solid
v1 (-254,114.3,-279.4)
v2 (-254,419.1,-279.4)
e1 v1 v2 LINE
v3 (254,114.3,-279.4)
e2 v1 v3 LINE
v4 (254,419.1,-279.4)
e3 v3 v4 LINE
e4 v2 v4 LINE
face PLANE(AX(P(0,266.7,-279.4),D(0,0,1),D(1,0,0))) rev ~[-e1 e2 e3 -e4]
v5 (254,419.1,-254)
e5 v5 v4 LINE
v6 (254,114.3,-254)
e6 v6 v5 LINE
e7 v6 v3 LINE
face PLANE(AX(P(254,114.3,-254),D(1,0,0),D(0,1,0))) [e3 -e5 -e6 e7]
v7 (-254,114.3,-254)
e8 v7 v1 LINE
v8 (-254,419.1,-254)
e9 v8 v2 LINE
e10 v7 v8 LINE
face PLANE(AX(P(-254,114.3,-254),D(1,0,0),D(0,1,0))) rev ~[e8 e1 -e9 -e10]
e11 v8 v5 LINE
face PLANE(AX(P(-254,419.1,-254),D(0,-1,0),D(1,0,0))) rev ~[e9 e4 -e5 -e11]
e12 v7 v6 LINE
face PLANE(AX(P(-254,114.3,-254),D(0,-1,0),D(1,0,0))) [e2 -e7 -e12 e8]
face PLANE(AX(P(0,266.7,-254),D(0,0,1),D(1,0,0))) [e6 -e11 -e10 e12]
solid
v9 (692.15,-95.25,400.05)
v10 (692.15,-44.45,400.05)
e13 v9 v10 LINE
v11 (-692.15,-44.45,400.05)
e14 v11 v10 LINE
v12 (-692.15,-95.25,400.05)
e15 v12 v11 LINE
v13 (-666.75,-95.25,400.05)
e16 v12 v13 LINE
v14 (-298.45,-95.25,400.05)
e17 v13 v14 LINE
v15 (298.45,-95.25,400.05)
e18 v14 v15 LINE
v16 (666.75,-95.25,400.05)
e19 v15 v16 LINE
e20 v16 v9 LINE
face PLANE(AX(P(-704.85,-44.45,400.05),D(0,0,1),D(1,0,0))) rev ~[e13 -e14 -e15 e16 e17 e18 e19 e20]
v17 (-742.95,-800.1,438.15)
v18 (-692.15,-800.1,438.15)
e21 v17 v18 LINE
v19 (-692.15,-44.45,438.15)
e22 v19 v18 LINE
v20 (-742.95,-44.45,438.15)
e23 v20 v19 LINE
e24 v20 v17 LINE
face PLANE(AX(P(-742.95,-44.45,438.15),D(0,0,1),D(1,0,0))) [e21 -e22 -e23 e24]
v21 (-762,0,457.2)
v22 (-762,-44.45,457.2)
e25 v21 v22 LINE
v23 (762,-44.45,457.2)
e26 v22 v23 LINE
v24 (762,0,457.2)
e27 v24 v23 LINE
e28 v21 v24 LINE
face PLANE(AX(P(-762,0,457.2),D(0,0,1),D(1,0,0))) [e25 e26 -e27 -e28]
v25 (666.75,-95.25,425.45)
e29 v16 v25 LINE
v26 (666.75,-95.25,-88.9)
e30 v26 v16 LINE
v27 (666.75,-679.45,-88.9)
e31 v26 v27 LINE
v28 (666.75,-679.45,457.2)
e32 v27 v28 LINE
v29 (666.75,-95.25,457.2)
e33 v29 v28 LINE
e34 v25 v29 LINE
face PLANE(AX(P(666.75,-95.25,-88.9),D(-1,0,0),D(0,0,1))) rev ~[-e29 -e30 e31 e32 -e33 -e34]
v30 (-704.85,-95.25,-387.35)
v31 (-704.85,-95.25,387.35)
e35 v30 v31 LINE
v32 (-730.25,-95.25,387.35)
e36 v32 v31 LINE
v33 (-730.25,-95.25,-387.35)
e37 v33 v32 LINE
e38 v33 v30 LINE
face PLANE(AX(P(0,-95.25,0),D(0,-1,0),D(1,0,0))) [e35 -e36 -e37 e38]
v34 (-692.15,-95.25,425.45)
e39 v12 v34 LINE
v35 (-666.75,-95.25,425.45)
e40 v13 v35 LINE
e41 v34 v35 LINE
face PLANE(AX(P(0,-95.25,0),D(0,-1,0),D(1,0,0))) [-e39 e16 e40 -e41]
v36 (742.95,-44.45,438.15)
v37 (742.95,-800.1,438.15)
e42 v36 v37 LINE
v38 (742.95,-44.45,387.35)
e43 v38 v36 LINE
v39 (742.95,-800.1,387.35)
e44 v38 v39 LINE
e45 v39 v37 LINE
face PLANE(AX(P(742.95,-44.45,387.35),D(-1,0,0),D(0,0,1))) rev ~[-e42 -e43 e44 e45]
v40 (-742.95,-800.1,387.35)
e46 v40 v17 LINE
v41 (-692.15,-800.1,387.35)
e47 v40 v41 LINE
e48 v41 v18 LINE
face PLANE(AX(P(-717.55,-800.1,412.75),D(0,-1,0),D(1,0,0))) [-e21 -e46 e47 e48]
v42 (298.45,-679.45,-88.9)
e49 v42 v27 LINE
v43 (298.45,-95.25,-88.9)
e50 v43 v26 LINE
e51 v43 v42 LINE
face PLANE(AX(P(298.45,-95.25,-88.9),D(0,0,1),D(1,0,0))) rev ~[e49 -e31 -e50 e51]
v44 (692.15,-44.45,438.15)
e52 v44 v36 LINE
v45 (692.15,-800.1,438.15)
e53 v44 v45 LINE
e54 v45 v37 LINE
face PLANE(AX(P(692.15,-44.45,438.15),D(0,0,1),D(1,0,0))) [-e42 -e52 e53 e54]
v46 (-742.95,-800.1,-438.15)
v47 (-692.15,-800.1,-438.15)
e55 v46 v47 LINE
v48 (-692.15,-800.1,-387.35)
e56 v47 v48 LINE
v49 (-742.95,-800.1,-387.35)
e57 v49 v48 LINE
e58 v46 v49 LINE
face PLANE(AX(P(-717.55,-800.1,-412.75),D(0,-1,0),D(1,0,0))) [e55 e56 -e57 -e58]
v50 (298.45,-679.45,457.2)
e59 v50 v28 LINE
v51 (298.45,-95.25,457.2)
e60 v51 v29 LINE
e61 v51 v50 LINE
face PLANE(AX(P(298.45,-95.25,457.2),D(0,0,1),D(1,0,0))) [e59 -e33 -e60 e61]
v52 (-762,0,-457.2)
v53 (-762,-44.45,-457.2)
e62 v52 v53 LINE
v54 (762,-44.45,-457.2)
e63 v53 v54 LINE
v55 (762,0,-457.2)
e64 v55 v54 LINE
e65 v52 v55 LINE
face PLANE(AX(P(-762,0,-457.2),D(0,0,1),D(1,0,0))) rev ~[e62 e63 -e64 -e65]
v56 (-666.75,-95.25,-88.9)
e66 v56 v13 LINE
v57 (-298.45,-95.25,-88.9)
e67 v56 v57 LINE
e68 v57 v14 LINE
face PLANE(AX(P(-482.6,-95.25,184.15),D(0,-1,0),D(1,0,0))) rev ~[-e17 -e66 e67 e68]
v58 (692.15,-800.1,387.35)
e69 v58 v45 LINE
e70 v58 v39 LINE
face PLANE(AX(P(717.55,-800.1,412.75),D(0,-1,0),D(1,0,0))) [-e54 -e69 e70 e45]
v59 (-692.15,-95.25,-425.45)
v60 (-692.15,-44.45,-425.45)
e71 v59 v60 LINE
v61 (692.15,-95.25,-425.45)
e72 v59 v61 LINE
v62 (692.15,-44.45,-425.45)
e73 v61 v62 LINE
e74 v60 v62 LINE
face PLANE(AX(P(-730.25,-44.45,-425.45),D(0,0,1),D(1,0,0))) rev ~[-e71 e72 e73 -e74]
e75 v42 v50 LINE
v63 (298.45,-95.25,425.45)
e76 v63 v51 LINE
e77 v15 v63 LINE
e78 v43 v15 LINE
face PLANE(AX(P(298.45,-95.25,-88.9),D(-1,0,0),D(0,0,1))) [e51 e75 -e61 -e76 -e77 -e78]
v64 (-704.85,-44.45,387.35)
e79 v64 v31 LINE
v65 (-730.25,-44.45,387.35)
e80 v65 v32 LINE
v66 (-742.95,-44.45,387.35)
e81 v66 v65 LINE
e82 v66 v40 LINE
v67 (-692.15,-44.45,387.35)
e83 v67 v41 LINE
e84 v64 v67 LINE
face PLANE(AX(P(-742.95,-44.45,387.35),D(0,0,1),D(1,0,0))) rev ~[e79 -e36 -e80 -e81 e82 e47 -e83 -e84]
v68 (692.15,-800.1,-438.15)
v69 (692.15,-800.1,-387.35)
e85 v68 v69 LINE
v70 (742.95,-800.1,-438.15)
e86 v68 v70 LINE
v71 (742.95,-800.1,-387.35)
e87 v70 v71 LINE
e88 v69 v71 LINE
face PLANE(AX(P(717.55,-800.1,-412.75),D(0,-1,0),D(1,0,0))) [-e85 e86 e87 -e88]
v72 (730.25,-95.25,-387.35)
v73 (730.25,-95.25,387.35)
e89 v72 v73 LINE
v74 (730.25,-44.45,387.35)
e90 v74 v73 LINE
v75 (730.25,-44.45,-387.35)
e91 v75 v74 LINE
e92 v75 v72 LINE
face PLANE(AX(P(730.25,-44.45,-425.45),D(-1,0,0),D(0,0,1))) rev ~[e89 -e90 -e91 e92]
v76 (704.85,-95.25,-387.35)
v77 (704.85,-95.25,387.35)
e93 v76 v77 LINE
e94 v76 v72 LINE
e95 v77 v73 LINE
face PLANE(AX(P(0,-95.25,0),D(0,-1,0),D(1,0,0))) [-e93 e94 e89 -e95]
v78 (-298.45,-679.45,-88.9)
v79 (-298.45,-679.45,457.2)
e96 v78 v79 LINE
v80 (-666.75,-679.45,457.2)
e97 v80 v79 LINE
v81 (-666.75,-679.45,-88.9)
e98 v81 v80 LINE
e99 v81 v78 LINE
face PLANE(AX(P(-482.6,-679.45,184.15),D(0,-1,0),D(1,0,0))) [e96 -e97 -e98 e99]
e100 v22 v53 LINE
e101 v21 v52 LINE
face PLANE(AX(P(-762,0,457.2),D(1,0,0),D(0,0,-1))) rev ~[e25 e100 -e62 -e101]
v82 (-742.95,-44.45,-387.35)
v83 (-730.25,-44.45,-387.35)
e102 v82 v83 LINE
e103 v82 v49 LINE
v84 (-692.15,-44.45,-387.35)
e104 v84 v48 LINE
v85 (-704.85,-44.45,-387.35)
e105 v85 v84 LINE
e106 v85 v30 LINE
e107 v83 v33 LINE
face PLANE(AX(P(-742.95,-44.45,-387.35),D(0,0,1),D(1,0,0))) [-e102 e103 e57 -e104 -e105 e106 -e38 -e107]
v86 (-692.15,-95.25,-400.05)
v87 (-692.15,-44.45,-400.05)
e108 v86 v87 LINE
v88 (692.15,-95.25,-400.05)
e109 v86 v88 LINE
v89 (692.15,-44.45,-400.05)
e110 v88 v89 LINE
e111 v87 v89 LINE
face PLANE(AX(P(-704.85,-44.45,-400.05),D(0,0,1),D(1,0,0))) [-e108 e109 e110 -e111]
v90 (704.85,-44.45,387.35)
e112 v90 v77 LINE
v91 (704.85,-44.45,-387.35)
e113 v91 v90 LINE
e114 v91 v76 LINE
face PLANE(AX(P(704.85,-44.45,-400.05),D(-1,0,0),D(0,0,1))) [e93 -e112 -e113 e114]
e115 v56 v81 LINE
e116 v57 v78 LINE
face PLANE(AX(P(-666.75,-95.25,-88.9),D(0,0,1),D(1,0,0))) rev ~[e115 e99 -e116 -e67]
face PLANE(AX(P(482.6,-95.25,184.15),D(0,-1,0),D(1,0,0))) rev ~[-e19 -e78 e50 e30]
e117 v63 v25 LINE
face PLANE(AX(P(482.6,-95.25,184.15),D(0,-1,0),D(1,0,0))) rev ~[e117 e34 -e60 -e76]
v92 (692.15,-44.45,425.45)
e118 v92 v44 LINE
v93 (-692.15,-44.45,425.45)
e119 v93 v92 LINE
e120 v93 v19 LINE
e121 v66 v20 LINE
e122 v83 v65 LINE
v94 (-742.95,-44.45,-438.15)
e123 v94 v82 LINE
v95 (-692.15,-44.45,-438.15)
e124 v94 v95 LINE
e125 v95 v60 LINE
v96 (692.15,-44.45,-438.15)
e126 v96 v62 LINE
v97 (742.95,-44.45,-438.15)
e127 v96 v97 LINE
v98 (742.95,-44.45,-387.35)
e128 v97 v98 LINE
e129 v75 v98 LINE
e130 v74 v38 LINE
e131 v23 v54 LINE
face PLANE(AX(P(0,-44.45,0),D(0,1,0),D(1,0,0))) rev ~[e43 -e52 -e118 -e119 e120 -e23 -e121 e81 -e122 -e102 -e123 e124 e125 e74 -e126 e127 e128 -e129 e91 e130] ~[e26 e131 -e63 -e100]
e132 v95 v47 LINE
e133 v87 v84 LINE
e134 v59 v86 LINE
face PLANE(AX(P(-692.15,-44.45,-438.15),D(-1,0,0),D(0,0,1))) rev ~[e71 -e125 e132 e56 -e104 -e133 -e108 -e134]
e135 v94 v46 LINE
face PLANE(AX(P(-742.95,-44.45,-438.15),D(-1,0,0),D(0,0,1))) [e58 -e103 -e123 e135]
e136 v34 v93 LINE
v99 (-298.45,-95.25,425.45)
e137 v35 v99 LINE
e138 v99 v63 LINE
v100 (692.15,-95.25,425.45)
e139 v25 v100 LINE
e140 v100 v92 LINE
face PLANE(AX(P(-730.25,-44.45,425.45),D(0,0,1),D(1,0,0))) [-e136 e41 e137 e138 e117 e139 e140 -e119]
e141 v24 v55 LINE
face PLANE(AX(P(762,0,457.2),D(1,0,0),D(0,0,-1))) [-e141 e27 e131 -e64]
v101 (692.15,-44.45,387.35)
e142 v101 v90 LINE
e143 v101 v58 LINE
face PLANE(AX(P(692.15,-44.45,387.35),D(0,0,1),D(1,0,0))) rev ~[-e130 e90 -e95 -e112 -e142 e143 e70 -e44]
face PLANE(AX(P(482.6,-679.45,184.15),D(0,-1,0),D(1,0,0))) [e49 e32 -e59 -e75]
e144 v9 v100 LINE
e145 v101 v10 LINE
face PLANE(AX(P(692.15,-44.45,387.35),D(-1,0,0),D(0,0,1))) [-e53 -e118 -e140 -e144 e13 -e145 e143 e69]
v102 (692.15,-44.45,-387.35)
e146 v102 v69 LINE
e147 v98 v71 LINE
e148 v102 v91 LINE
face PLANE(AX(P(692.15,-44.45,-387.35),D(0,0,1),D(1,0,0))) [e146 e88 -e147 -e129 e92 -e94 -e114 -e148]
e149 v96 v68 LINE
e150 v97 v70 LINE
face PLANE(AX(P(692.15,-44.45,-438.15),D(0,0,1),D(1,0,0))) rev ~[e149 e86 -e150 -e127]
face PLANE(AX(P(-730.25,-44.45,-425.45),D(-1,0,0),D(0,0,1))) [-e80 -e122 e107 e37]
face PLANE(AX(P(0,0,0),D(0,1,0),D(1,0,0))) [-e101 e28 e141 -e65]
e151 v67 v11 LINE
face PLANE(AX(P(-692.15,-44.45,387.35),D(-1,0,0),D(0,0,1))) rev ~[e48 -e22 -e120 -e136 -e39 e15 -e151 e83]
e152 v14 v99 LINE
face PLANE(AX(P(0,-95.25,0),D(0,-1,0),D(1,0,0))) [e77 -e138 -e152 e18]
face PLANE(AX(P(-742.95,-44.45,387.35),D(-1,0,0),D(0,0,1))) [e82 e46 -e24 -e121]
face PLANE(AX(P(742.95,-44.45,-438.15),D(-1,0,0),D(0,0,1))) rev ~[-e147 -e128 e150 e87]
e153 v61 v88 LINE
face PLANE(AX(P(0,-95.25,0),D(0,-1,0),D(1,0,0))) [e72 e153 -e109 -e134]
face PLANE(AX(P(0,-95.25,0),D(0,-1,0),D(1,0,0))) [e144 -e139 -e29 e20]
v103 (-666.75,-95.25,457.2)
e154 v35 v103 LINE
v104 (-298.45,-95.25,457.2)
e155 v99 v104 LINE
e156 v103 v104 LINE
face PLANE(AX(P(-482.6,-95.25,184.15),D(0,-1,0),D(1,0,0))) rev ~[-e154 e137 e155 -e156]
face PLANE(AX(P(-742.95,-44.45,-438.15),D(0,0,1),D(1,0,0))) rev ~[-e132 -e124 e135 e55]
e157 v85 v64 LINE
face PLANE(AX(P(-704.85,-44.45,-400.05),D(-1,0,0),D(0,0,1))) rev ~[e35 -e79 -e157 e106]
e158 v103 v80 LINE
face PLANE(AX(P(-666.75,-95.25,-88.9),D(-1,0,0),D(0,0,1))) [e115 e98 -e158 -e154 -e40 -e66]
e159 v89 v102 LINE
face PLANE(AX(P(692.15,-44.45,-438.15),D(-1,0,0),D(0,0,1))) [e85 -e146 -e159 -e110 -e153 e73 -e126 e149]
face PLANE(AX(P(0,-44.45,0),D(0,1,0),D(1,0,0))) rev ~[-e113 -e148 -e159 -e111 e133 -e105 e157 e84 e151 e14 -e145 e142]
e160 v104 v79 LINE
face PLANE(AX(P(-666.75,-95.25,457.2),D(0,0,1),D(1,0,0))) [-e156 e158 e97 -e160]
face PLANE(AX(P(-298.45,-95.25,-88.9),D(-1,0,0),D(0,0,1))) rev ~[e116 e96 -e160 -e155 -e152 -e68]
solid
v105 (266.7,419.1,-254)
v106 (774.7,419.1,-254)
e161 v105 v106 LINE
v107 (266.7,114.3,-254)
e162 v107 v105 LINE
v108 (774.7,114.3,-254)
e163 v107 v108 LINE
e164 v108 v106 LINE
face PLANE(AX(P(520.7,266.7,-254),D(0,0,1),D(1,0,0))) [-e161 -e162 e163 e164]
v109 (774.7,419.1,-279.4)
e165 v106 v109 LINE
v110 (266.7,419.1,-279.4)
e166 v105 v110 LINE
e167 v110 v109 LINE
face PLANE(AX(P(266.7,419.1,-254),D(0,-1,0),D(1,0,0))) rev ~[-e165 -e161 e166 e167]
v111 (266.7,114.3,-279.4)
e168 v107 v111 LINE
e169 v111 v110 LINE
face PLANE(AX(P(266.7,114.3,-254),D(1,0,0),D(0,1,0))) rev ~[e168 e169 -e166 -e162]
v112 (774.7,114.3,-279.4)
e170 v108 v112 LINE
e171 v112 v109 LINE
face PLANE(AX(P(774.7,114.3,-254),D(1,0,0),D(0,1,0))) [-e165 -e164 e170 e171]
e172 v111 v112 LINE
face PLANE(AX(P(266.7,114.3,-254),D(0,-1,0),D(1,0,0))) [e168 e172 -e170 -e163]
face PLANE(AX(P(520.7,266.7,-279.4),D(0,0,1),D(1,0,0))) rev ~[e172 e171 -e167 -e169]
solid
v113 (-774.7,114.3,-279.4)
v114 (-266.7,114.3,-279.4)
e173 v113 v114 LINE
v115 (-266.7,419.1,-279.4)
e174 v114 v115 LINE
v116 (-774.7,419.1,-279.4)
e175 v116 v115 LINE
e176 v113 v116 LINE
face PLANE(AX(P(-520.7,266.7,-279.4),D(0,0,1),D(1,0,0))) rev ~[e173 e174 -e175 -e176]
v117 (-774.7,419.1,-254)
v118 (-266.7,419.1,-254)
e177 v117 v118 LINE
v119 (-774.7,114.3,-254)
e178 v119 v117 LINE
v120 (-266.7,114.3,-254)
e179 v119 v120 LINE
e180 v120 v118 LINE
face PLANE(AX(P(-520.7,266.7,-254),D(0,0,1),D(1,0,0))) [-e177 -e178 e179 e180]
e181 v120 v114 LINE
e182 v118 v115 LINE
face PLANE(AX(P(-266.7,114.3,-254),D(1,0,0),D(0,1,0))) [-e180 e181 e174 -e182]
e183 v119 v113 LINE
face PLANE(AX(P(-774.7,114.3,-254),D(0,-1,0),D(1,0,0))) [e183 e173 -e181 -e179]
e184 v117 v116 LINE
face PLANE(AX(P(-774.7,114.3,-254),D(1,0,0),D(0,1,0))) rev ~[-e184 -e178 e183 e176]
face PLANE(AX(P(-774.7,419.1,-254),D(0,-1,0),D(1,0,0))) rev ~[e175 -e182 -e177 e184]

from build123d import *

# Parameters (mm, degrees)
SKETCH1_W             = 1524
SKETCH1_H             = 914.4
BOSS_EXTRUDE1_DEPTH   = 44.45
SKETCH2_W             = 50.8
SKETCH2_H             = 50.8
BOSS_EXTRUDE2_DEPTH   = 755.65
SKETCH3_W             = 1460.5
SKETCH3_H             = 850.9
SKETCH3_W_2           = 1409.7
SKETCH3_H_2           = 800.1
BOSS_EXTRUDE3_DEPTH   = 50.8
SKETCH4_W             = 368.3
SKETCH4_H             = 546.1
BOSS_EXTRUDE4_DEPTH   = 584.2
SKETCH5_W             = 508
SKETCH5_H             = 304.8
BOSS_EXTRUDE5_DEPTH   = 25.4
BOSS_EXTRUDE5_2_DEPTH = 25.4
BOSS_EXTRUDE5_3_DEPTH = 25.4


with BuildPart() as part:
    # Sketch1 → Boss-Extrude1 (new body)
    with BuildSketch(Plane(origin=(0, 0, 0), x_dir=(1, 0, 0), z_dir=(0, 1, 0))):
        Rectangle(SKETCH1_W, SKETCH1_H)
    extrude(amount=-BOSS_EXTRUDE1_DEPTH)

    # Sketch2 → Boss-Extrude2 (add)
    with BuildSketch(Plane.XZ.offset(44.45)):
        with Locations((717.55, 412.75)):
            Rectangle(SKETCH2_W, SKETCH2_H)
        with Locations((717.55, -412.75)):
            Rectangle(SKETCH2_W, SKETCH2_H)
        with Locations((-717.55, -412.75)):
            Rectangle(SKETCH2_W, SKETCH2_H)
        with Locations((-717.55, 412.75)):
            Rectangle(SKETCH2_W, SKETCH2_H)
    extrude(amount=BOSS_EXTRUDE2_DEPTH)

    # Sketch3 → Boss-Extrude3 (add)
    with BuildSketch(Plane.XZ.offset(44.45)):
        Rectangle(SKETCH3_W, SKETCH3_H)
        Rectangle(SKETCH3_W_2, SKETCH3_H_2, mode=Mode.SUBTRACT)
    extrude(amount=BOSS_EXTRUDE3_DEPTH)

    # Sketch4 → Boss-Extrude4 (add)
    with BuildSketch(Plane.XZ.offset(95.25)):
        with Locations((-482.6, 184.15)):
            Rectangle(SKETCH4_W, SKETCH4_H)
        with Locations((482.6, 184.15)):
            Rectangle(SKETCH4_W, SKETCH4_H)
    extrude(amount=BOSS_EXTRUDE4_DEPTH)


with BuildPart() as body_2:
    # Sketch5 → Boss-Extrude5 (new body)
    with BuildSketch(Plane.XY.offset(-254)):
        with Locations((-520.7, 266.7)):
            Rectangle(SKETCH5_W, SKETCH5_H)
    extrude(amount=-BOSS_EXTRUDE5_DEPTH)


with BuildPart() as body_3:
    # Sketch5 → Boss-Extrude5 2 (new body)
    with BuildSketch(Plane.XY.offset(-254)):
        with Locations((0, 266.7)):
            Rectangle(SKETCH5_W, SKETCH5_H)
    extrude(amount=-BOSS_EXTRUDE5_2_DEPTH)


with BuildPart() as body_4:
    # Sketch5 → Boss-Extrude5 3 (new body)
    with BuildSketch(Plane.XY.offset(-254)):
        with Locations((520.7, 266.7)):
            Rectangle(SKETCH5_W, SKETCH5_H)
    extrude(amount=-BOSS_EXTRUDE5_3_DEPTH)


solid = Compound([part.part, body_2.part, body_3.part, body_4.part])
